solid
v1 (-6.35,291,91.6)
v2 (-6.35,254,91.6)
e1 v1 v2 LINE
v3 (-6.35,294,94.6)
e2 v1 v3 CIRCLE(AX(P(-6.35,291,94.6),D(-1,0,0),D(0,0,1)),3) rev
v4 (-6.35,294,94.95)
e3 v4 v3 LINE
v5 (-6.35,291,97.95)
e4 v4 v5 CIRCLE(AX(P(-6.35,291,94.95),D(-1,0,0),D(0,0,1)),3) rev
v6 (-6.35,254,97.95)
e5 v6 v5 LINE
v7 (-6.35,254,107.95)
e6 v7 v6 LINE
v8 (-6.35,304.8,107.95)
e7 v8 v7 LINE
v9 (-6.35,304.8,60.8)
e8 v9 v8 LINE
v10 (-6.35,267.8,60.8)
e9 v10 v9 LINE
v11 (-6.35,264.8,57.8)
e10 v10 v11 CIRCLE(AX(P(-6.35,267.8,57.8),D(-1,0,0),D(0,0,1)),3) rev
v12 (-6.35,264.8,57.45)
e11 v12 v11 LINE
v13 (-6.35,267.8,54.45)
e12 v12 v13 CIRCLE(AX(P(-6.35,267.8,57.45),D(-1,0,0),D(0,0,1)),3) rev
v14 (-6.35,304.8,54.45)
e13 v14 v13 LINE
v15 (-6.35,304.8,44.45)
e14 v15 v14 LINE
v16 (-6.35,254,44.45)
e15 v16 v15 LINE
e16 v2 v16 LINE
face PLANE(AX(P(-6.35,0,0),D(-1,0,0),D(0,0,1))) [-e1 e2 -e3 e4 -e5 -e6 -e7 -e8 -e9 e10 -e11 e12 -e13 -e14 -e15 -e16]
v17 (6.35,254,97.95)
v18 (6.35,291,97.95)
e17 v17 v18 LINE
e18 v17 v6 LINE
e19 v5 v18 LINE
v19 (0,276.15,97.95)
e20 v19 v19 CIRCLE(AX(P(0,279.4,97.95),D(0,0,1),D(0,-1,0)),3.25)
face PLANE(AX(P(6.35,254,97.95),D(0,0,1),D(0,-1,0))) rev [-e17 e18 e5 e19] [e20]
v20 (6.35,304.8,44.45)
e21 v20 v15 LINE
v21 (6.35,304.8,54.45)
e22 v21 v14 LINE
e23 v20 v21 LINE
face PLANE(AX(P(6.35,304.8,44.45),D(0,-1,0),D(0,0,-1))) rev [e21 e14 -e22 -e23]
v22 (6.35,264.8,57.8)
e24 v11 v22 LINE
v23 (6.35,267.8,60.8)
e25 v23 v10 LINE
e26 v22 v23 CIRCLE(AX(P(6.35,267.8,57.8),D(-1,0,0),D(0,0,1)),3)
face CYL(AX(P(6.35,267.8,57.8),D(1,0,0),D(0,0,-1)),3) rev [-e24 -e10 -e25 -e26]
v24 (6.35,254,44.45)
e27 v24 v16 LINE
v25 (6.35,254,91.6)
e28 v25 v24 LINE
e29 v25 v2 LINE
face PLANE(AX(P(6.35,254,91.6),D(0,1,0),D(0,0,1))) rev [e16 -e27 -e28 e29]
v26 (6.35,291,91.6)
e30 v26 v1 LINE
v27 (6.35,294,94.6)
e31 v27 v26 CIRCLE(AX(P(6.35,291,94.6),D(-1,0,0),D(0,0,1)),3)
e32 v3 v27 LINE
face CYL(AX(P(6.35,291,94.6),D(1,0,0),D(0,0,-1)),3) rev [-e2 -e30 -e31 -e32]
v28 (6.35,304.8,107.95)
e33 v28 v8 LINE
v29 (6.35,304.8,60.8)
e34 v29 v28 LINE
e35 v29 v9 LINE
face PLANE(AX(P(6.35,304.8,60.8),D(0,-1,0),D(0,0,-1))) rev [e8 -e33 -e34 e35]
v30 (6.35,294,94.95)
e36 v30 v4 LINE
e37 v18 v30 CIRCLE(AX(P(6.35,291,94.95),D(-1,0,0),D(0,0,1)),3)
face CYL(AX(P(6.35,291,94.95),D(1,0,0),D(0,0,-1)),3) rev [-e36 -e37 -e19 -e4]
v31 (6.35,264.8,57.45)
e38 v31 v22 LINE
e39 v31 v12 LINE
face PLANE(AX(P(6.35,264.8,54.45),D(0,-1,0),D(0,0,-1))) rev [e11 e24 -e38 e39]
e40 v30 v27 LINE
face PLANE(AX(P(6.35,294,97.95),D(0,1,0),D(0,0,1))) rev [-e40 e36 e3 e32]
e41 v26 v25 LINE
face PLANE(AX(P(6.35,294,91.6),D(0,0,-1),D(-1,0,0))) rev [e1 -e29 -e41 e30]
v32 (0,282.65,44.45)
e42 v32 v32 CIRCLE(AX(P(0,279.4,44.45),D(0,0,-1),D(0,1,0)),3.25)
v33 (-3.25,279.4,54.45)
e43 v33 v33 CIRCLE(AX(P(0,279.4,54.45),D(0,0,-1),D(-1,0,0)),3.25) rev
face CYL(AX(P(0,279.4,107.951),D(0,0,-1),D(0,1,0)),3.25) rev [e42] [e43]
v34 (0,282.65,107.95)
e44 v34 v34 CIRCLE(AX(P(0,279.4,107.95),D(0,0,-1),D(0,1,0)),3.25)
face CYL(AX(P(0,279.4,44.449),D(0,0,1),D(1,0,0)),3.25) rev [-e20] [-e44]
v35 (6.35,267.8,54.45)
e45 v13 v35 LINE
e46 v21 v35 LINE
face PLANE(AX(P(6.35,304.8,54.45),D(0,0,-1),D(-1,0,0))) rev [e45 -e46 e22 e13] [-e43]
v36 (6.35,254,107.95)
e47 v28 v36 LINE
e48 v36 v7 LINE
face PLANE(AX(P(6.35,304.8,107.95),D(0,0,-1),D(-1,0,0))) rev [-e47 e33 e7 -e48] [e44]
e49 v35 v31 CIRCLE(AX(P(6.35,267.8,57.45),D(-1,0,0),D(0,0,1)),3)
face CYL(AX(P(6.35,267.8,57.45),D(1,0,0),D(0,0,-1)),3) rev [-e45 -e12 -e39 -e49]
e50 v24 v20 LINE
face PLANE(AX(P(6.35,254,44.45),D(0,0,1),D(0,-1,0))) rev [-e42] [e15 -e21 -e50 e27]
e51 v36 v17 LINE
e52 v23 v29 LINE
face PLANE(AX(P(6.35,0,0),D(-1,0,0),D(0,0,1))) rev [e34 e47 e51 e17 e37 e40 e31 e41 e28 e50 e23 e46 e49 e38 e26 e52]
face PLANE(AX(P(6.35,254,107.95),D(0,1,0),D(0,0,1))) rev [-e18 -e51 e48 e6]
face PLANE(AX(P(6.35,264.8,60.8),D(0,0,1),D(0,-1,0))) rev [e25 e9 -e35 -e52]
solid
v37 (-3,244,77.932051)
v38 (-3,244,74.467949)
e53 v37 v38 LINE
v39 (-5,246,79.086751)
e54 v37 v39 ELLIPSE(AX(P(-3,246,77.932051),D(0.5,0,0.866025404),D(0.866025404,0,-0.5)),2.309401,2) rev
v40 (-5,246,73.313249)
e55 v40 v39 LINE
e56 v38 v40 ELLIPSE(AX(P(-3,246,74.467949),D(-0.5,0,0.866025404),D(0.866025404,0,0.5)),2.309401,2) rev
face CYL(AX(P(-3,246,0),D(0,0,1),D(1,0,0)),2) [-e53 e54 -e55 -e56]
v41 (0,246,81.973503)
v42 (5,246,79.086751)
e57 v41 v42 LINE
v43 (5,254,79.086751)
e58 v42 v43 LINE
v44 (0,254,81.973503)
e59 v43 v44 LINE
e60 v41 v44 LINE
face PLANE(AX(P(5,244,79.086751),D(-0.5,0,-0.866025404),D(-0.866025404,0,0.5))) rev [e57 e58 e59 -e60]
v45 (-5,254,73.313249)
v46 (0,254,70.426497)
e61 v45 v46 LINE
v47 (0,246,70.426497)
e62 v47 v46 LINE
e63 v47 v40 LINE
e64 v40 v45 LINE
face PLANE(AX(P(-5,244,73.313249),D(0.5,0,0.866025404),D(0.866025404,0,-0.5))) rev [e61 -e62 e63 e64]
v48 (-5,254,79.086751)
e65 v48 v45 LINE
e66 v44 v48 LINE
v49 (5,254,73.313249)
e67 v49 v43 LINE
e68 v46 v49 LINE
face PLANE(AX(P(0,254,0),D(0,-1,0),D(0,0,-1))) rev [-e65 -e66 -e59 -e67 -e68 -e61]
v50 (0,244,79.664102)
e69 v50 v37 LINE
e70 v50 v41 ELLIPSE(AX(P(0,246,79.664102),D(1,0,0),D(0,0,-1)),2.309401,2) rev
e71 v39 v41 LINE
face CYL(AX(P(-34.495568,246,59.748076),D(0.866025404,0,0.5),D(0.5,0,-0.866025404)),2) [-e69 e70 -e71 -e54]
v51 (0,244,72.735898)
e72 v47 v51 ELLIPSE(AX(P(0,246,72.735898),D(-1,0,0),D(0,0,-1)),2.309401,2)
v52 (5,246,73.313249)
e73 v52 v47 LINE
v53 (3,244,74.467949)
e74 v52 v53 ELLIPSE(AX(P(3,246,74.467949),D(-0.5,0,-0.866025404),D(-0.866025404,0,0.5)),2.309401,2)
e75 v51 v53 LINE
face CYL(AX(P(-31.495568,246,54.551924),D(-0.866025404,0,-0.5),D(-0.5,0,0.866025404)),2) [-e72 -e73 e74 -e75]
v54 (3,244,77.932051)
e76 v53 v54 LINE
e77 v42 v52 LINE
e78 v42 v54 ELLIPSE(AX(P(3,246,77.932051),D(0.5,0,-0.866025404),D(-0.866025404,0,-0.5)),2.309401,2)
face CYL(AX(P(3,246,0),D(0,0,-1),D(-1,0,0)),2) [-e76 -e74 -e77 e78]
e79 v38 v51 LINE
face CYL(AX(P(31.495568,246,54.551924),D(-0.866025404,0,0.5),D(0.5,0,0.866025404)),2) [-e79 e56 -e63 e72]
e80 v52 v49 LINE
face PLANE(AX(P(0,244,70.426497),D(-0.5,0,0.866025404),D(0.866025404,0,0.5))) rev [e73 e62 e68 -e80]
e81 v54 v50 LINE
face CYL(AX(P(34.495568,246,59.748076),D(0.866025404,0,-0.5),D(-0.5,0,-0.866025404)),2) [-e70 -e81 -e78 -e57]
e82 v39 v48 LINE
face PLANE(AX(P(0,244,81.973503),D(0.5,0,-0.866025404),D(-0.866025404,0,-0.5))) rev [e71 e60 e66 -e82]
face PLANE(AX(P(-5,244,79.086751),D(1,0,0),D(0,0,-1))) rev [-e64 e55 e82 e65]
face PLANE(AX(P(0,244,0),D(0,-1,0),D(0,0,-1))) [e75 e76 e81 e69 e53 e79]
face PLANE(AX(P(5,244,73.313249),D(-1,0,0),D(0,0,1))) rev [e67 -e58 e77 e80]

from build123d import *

# Parameters (mm, degrees)
BOSS_EXTRUDE1_DEPTH = 6.35
FILLET1_R           = 3
CUT_EXTRUDE1_REACH  = 313.409
SKETCH2_R           = 3.25
BOSS_EXTRUDE2_DEPTH = 10
FILLET2_R           = 2


with BuildPart() as part:
    # Sketch1 → Boss-Extrude1 (new, symmetric)
    with BuildSketch(Plane(origin=(0, 0, 0), x_dir=(0, 0, -1), z_dir=(1, 0, 0))):
        Polygon((-54.45, 304.8), (-54.45, 264.8), (-60.8, 264.8), (-60.8, 304.8), (-107.95, 304.8), (-107.95, 254), (-97.95, 254), (-97.95, 294), (-91.6, 294), (-91.6, 254), (-44.45, 254), (-44.45, 304.8), align=None)
    extrude(amount=BOSS_EXTRUDE1_DEPTH, both=True)

    # Fillet1
    fillet1_edges = [part.edges().sort_by_distance(p)[0] for p in [
        (0, 264.8, 54.45),
        (0, 294, 91.6),
        (0, 294, 97.95),
        (0, 264.8, 60.8),
    ]]
    fillet(fillet1_edges, radius=FILLET1_R)

    # Sketch2 → Cut-Extrude1 (cut, up to next)
    with BuildSketch(Plane(origin=(0, 0, 44.45), x_dir=(-1, 0, 0), z_dir=(0, 0, -1)), mode=Mode.PRIVATE) as cut_extrude1_sk1:
        with Locations(Location((0, 279.4, 0), (0, 0, 90))):
            Circle(SKETCH2_R)
    cut_extrude1_tool1 = extrude(cut_extrude1_sk1.sketch, amount=-CUT_EXTRUDE1_REACH, mode=Mode.PRIVATE) & part.part
    cut_extrude1 = cut_extrude1_tool1.solids().sort_by_distance((0, 279.4, 44.45))[0]
    add(cut_extrude1, mode=Mode.SUBTRACT)

    # Mirror2: Cut-Extrude1 across plane
    add(cut_extrude1.mirror(Plane(origin=(0, 0, 76.2), x_dir=(1, 0, 0), z_dir=(0, 0, -1))), mode=Mode.SUBTRACT)


with BuildPart() as body_2:
    # Sketch8 → Boss-Extrude2 (new body)
    with BuildSketch(Plane.XZ.offset(-254)):
        Polygon((5, 73.313248654), (5, 79.086751346), (0, 81.973502692), (-5, 79.086751346), (-5, 73.313248654), (0, 70.426497308), align=None)
    extrude(amount=BOSS_EXTRUDE2_DEPTH)

    # Fillet2
    fillet2_edges = [body_2.edges().sort_by_distance(p)[0] for p in [
        (2.5, 244, 80.530127019),
        (-2.5, 244, 80.530127019),
        (-5, 244, 76.2),
        (-2.5, 244, 71.869872981),
        (2.5, 244, 71.869872981),
        (5, 244, 76.2),
    ]]
    fillet(fillet2_edges, radius=FILLET2_R)


solid = Compound([part.part, body_2.part])
